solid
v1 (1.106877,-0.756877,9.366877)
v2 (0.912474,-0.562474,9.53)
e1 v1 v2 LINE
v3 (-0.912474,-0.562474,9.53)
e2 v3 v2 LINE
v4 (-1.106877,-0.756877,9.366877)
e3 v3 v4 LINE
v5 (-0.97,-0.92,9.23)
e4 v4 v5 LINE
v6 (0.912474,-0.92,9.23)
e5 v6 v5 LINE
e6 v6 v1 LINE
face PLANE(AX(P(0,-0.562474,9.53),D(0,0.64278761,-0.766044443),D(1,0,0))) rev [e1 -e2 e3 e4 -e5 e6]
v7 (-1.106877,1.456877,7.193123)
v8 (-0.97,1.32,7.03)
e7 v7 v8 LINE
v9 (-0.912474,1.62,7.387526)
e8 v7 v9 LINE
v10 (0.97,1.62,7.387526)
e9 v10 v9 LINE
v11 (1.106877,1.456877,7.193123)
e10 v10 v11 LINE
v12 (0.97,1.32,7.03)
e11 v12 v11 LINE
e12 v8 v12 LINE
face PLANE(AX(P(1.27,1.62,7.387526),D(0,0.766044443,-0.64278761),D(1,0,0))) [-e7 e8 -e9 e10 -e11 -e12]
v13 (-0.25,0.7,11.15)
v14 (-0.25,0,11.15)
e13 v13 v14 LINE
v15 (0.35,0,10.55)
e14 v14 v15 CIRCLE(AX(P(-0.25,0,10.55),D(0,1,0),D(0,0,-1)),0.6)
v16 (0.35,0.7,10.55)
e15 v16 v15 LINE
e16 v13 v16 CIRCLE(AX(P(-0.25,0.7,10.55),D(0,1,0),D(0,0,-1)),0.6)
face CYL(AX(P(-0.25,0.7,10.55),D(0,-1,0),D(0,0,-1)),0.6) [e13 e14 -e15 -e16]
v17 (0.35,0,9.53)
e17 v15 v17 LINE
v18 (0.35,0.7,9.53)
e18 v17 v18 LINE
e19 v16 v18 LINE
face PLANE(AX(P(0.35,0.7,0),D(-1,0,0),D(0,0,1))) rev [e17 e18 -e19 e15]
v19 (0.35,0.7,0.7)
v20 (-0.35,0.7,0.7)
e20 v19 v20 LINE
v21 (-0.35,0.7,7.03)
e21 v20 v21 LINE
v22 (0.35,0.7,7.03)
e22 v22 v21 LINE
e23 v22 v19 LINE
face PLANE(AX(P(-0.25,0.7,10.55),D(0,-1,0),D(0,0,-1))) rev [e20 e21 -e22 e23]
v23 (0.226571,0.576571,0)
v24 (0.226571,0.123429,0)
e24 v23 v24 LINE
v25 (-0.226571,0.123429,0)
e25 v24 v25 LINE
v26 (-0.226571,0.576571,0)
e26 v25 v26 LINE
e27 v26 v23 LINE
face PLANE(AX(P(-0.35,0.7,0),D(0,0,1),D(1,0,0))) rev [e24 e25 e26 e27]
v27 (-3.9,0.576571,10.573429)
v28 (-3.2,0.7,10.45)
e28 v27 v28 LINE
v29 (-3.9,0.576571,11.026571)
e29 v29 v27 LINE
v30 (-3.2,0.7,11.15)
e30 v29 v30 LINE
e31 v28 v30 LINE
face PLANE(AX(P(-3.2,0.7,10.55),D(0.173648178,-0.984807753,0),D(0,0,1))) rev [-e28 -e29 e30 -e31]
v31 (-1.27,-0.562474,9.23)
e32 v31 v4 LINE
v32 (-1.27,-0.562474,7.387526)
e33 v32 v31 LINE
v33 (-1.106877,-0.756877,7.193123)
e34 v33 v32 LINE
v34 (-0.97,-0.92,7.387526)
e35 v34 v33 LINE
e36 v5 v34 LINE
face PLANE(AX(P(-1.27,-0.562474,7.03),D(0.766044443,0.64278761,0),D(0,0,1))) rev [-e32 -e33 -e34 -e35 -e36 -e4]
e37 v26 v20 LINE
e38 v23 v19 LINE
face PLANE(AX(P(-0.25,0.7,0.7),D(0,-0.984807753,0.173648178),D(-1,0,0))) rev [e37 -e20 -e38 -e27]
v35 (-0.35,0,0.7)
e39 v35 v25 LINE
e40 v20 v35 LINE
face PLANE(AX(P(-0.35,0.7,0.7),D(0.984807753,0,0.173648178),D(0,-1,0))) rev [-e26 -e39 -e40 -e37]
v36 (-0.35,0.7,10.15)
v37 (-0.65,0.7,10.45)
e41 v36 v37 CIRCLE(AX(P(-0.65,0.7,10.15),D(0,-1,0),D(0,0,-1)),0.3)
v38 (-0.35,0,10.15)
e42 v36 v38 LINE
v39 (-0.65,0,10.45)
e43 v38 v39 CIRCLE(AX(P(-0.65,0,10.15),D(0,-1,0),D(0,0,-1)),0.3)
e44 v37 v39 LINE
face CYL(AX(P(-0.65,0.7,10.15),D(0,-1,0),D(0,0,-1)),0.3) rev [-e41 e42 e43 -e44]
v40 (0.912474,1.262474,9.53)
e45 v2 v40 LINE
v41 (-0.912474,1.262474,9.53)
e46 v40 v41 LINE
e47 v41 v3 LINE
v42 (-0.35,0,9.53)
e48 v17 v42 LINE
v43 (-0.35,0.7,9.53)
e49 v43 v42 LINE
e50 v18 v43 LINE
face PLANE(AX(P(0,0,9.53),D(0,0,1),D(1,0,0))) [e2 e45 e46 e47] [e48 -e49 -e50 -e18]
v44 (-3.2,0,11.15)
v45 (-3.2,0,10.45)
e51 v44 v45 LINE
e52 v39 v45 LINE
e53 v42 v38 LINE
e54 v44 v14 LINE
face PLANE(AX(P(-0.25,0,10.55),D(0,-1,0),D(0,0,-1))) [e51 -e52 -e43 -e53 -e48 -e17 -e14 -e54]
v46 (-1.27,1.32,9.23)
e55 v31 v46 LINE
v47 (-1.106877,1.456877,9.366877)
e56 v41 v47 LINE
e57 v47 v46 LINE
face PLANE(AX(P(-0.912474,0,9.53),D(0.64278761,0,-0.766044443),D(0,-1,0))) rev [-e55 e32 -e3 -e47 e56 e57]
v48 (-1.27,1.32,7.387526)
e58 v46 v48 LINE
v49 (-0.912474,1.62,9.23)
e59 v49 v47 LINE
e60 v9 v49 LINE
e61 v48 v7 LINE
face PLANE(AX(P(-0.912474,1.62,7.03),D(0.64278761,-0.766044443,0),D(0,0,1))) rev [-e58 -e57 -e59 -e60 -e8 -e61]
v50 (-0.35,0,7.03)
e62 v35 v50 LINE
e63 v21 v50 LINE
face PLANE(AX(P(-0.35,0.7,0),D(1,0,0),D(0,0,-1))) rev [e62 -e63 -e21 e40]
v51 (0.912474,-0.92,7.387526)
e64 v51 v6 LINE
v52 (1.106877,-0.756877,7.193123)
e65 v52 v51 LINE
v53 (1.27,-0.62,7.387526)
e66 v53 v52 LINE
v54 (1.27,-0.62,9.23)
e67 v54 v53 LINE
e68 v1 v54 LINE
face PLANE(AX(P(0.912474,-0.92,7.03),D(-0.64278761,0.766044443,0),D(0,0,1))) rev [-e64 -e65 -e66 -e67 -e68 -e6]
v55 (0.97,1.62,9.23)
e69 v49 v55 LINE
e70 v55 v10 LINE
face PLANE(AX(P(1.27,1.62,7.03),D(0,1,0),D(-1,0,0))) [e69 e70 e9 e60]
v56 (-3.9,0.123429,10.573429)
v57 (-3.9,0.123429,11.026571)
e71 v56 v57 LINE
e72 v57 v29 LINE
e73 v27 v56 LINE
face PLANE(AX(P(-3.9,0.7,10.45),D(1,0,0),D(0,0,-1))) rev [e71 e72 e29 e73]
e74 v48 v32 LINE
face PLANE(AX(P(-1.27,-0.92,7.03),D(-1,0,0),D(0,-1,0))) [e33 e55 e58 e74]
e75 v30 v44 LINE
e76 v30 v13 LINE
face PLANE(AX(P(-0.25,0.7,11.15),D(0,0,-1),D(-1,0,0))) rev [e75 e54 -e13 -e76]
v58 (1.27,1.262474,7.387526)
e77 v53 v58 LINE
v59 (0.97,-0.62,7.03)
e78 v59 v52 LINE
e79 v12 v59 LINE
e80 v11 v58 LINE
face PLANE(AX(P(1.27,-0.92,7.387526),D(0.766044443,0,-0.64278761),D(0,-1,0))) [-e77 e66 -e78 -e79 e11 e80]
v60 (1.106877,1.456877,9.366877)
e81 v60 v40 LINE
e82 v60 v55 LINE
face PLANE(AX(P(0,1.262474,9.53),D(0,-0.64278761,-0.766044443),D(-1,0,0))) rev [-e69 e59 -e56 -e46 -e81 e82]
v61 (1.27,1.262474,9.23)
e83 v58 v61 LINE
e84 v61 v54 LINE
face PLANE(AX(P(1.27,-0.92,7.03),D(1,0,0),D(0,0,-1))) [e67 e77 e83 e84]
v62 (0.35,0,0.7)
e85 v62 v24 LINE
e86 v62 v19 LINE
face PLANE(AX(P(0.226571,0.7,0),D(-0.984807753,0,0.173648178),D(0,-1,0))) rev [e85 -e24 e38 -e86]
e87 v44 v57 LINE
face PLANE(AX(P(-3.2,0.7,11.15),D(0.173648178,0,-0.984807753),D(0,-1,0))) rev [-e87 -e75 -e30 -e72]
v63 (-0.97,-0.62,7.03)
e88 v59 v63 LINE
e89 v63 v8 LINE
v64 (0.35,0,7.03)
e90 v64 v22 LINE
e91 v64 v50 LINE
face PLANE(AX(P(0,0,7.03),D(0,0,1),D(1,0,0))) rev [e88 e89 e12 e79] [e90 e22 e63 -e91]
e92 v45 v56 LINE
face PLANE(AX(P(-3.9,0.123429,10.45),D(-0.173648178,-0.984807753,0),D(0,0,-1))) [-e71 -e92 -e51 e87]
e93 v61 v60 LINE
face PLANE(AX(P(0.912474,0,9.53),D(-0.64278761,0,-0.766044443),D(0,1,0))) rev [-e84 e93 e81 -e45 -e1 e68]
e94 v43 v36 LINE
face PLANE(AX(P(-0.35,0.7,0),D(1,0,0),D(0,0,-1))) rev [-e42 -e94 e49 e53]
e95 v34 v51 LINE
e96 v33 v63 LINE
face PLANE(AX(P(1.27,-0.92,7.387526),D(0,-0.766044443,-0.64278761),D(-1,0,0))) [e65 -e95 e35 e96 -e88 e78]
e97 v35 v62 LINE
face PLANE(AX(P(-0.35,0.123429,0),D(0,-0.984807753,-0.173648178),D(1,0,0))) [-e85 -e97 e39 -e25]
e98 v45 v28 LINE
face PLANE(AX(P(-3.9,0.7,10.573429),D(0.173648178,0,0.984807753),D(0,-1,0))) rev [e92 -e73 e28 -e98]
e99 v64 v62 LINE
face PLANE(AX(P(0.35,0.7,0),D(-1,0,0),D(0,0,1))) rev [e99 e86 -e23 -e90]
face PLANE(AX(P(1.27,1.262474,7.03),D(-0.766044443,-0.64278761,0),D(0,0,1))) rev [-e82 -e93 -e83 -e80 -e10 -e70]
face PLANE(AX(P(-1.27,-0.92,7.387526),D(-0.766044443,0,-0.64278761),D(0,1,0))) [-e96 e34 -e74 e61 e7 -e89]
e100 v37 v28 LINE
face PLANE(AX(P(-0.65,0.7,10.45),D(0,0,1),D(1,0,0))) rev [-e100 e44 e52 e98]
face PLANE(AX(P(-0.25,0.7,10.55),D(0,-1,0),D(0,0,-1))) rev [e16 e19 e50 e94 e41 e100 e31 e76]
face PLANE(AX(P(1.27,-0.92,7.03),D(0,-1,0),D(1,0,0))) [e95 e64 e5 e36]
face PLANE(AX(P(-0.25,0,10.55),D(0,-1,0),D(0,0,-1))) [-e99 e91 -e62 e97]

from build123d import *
from OCP.BRepFilletAPI import BRepFilletAPI_MakeChamfer

# Parameters (mm, degrees)
EXTRUDE_1_DEPTH = 0.7
CHAMFER_1_SIZE  = 0.7
CHAMFER_1_SIZE2 = 0.123428886
CHAMFER_2_SIZE  = 0.7
CHAMFER_2_SIZE2 = 0.123428886
SKETCH_2_W      = 2.54
SKETCH_2_H      = 2.54
EXTRUDE_2_DEPTH = 2.5
CHAMFER_3_SIZE  = 0.3
CHAMFER_3_SIZE2 = 0.357526078
CHAMFER_4_SIZE  = 0.3
CHAMFER_4_SIZE2 = 0.357526078
CHAMFER_5_SIZE  = 0.3
CHAMFER_5_SIZE2 = 0.357526078


with BuildPart() as part:
    # Эскиз1 → Бобышка-Вытянуть1 (new body)
    with BuildSketch(Plane(origin=(0, 0, 0), x_dir=(1, 0, 0), z_dir=(0, 1, 0))):
        with BuildLine():
            Line((0.35, 0), (0.35, -10.55))
            ThreePointArc((0.35, -10.55), (0.174264069, -10.974264069), (-0.25, -11.15))
            Line((-0.25, -11.15), (-3.9, -11.15))
            Line((-3.9, -11.15), (-3.9, -10.45))
            Line((-3.9, -10.45), (-0.65, -10.45))
            ThreePointArc((-0.65, -10.45), (-0.437867966, -10.362132034), (-0.35, -10.15))
            Line((-0.35, -10.15), (-0.35, 0))
            Line((-0.35, 0), (0.35, 0))
        make_face()
    extrude(amount=EXTRUDE_1_DEPTH)

    # Фаска1: one chamfer whose edges measure the first distance from different faces: ONE call of the kernel's chamfer builder (chamfer() names one face for all edges)
    chamfer_1_edges_1 = [part.edges().sort_by_distance(p)[0] for p in [
        (0, 0, 0),
    ]]
    chamfer_1_side_1 = [part.faces().sort_by_distance(p)[0] for p in [
        (-0.230674814, 0, 5.075),
    ]]
    chamfer_1_edges_2 = [part.edges().sort_by_distance(p)[0] for p in [
        (0.35, 0.35, 0),
    ]]
    chamfer_1_side_2 = [part.faces().sort_by_distance(p)[0] for p in [
        (0.35, 0.35, 5.275),
    ]]
    chamfer_1_edges_3 = [part.edges().sort_by_distance(p)[0] for p in [
        (-0.35, 0.35, 0),
    ]]
    chamfer_1_side_3 = [part.faces().sort_by_distance(p)[0] for p in [
        (-0.35, 0.35, 5.075),
    ]]
    chamfer_1_edges_4 = [part.edges().sort_by_distance(p)[0] for p in [
        (0, 0.7, 0),
    ]]
    chamfer_1_side_4 = [part.faces().sort_by_distance(p)[0] for p in [
        (-0.230674814, 0.7, 5.075),
    ]]
    chamfer_1 = BRepFilletAPI_MakeChamfer(part.part.solid().wrapped)
    for e in chamfer_1_edges_1:
        chamfer_1.Add(CHAMFER_1_SIZE, CHAMFER_1_SIZE2, e.wrapped, chamfer_1_side_1[0].wrapped)  # the first distance lies on this face
    for e in chamfer_1_edges_2:
        chamfer_1.Add(CHAMFER_1_SIZE, CHAMFER_1_SIZE2, e.wrapped, chamfer_1_side_2[0].wrapped)  # the first distance lies on this face
    for e in chamfer_1_edges_3:
        chamfer_1.Add(CHAMFER_1_SIZE, CHAMFER_1_SIZE2, e.wrapped, chamfer_1_side_3[0].wrapped)  # the first distance lies on this face
    for e in chamfer_1_edges_4:
        chamfer_1.Add(CHAMFER_1_SIZE, CHAMFER_1_SIZE2, e.wrapped, chamfer_1_side_4[0].wrapped)  # the first distance lies on this face
    add(Compound.cast(chamfer_1.Shape()), mode=Mode.REPLACE)

    # Фаска2: one chamfer whose edges measure the first distance from different faces: ONE call of the kernel's chamfer builder (chamfer() names one face for all edges)
    chamfer_2_edges_1 = [part.edges().sort_by_distance(p)[0] for p in [
        (-3.9, 0.35, 11.15),
    ]]
    chamfer_2_side_1 = [part.faces().sort_by_distance(p)[0] for p in [
        (-2.075, 0.35, 11.15),
    ]]
    chamfer_2_edges_2 = [part.edges().sort_by_distance(p)[0] for p in [
        (-3.9, 0.35, 10.45),
    ]]
    chamfer_2_side_2 = [part.faces().sort_by_distance(p)[0] for p in [
        (-2.275, 0.35, 10.45),
    ]]
    chamfer_2_edges_3 = [part.edges().sort_by_distance(p)[0] for p in [
        (-3.9, 0.7, 10.8),
    ]]
    chamfer_2_side_3 = [part.faces().sort_by_distance(p)[0] for p in [
        (-0.23718821, 0.7, 5.425),
    ]]
    chamfer_2_edges_4 = [part.edges().sort_by_distance(p)[0] for p in [
        (-3.9, 0, 10.8),
    ]]
    chamfer_2_side_4 = [part.faces().sort_by_distance(p)[0] for p in [
        (-0.23718821, 0, 5.425),
    ]]
    chamfer_2 = BRepFilletAPI_MakeChamfer(part.part.solid().wrapped)
    for e in chamfer_2_edges_1:
        chamfer_2.Add(CHAMFER_2_SIZE, CHAMFER_2_SIZE2, e.wrapped, chamfer_2_side_1[0].wrapped)  # the first distance lies on this face
    for e in chamfer_2_edges_2:
        chamfer_2.Add(CHAMFER_2_SIZE, CHAMFER_2_SIZE2, e.wrapped, chamfer_2_side_2[0].wrapped)  # the first distance lies on this face
    for e in chamfer_2_edges_3:
        chamfer_2.Add(CHAMFER_2_SIZE, CHAMFER_2_SIZE2, e.wrapped, chamfer_2_side_3[0].wrapped)  # the first distance lies on this face
    for e in chamfer_2_edges_4:
        chamfer_2.Add(CHAMFER_2_SIZE, CHAMFER_2_SIZE2, e.wrapped, chamfer_2_side_4[0].wrapped)  # the first distance lies on this face
    add(Compound.cast(chamfer_2.Shape()), mode=Mode.REPLACE)

    # Эскиз2 → Бобышка-Вытянуть2 (add)
    with BuildSketch(Plane.XY.offset(9.53)):
        with Locations((0, 0.35)):
            Rectangle(SKETCH_2_W, SKETCH_2_H)
    extrude(amount=-EXTRUDE_2_DEPTH)

    # Фаска3
    chamfer_3_edges = [part.edges().sort_by_distance(p)[0] for p in [
        (-1.27, 0.35, 7.03),
        (0, 1.62, 7.03),
        (1.27, 0.35, 7.03),
        (0, -0.92, 7.03),
    ]]
    chamfer_3_side = [part.faces().sort_by_distance(p)[0] for p in [
        (0, -0.884078976, 7.03),
    ]]
    chamfer(chamfer_3_edges, length=CHAMFER_3_SIZE, length2=CHAMFER_3_SIZE2, reference=chamfer_3_side[0])

    # Фаска4: one chamfer whose edges measure the first distance from different faces: ONE call of the kernel's chamfer builder (chamfer() names one face for all edges)
    chamfer_4_edges_1 = [part.edges().sort_by_distance(p)[0] for p in [
        (-1.27, 0.35, 9.53),
    ]]
    chamfer_4_side_1 = [part.faces().sort_by_distance(p)[0] for p in [
        (-1.27, 0.35, 8.458763039),
    ]]
    chamfer_4_edges_2 = [part.edges().sort_by_distance(p)[0] for p in [
        (0, -0.92, 9.53),
    ]]
    chamfer_4_side_2 = [part.faces().sort_by_distance(p)[0] for p in [
        (0, -0.92, 8.458763039),
    ]]
    chamfer_4_edges_3 = [part.edges().sort_by_distance(p)[0] for p in [
        (1.27, 0.35, 9.53),
    ]]
    chamfer_4_side_3 = [part.faces().sort_by_distance(p)[0] for p in [
        (1.27, 0.35, 8.458763039),
    ]]
    chamfer_4_edges_4 = [part.edges().sort_by_distance(p)[0] for p in [
        (0, 1.62, 9.53),
    ]]
    chamfer_4_side_4 = [part.faces().sort_by_distance(p)[0] for p in [
        (0, 1.62, 8.458763039),
    ]]
    chamfer_4 = BRepFilletAPI_MakeChamfer(part.part.solid().wrapped)
    for e in chamfer_4_edges_1:
        chamfer_4.Add(CHAMFER_4_SIZE, CHAMFER_4_SIZE2, e.wrapped, chamfer_4_side_1[0].wrapped)  # the first distance lies on this face
    for e in chamfer_4_edges_2:
        chamfer_4.Add(CHAMFER_4_SIZE, CHAMFER_4_SIZE2, e.wrapped, chamfer_4_side_2[0].wrapped)  # the first distance lies on this face
    for e in chamfer_4_edges_3:
        chamfer_4.Add(CHAMFER_4_SIZE, CHAMFER_4_SIZE2, e.wrapped, chamfer_4_side_3[0].wrapped)  # the first distance lies on this face
    for e in chamfer_4_edges_4:
        chamfer_4.Add(CHAMFER_4_SIZE, CHAMFER_4_SIZE2, e.wrapped, chamfer_4_side_4[0].wrapped)  # the first distance lies on this face
    add(Compound.cast(chamfer_4.Shape()), mode=Mode.REPLACE)

    # Фаска5: one chamfer whose edges measure the first distance from different faces: ONE call of the kernel's chamfer builder (chamfer() names one face for all edges)
    chamfer_5_edges_1 = [part.edges().sort_by_distance(p)[0] for p in [
        (-1.27, -0.92, 8.308763039),
    ]]
    chamfer_5_side_1 = [part.faces().sort_by_distance(p)[0] for p in [
        (0, -0.92, 8.308763039),
    ]]
    chamfer_5_edges_2 = [part.edges().sort_by_distance(p)[0] for p in [
        (1.27, -0.92, 8.308763039),
    ]]
    chamfer_5_side_2 = [part.faces().sort_by_distance(p)[0] for p in [
        (1.27, 0.35, 8.308763039),
    ]]
    chamfer_5_edges_3 = [part.edges().sort_by_distance(p)[0] for p in [
        (-1.27, 1.62, 8.308763039),
    ]]
    chamfer_5_side_3 = [part.faces().sort_by_distance(p)[0] for p in [
        (-1.27, 0.35, 8.308763039),
    ]]
    chamfer_5_edges_4 = [part.edges().sort_by_distance(p)[0] for p in [
        (1.27, 1.62, 8.308763039),
    ]]
    chamfer_5_side_4 = [part.faces().sort_by_distance(p)[0] for p in [
        (0, 1.62, 8.308763039),
    ]]
    chamfer_5 = BRepFilletAPI_MakeChamfer(part.part.solid().wrapped)
    for e in chamfer_5_edges_1:
        chamfer_5.Add(CHAMFER_5_SIZE, CHAMFER_5_SIZE2, e.wrapped, chamfer_5_side_1[0].wrapped)  # the first distance lies on this face
    for e in chamfer_5_edges_2:
        chamfer_5.Add(CHAMFER_5_SIZE, CHAMFER_5_SIZE2, e.wrapped, chamfer_5_side_2[0].wrapped)  # the first distance lies on this face
    for e in chamfer_5_edges_3:
        chamfer_5.Add(CHAMFER_5_SIZE, CHAMFER_5_SIZE2, e.wrapped, chamfer_5_side_3[0].wrapped)  # the first distance lies on this face
    for e in chamfer_5_edges_4:
        chamfer_5.Add(CHAMFER_5_SIZE, CHAMFER_5_SIZE2, e.wrapped, chamfer_5_side_4[0].wrapped)  # the first distance lies on this face
    add(Compound.cast(chamfer_5.Shape()), mode=Mode.REPLACE)


solid = part.part
